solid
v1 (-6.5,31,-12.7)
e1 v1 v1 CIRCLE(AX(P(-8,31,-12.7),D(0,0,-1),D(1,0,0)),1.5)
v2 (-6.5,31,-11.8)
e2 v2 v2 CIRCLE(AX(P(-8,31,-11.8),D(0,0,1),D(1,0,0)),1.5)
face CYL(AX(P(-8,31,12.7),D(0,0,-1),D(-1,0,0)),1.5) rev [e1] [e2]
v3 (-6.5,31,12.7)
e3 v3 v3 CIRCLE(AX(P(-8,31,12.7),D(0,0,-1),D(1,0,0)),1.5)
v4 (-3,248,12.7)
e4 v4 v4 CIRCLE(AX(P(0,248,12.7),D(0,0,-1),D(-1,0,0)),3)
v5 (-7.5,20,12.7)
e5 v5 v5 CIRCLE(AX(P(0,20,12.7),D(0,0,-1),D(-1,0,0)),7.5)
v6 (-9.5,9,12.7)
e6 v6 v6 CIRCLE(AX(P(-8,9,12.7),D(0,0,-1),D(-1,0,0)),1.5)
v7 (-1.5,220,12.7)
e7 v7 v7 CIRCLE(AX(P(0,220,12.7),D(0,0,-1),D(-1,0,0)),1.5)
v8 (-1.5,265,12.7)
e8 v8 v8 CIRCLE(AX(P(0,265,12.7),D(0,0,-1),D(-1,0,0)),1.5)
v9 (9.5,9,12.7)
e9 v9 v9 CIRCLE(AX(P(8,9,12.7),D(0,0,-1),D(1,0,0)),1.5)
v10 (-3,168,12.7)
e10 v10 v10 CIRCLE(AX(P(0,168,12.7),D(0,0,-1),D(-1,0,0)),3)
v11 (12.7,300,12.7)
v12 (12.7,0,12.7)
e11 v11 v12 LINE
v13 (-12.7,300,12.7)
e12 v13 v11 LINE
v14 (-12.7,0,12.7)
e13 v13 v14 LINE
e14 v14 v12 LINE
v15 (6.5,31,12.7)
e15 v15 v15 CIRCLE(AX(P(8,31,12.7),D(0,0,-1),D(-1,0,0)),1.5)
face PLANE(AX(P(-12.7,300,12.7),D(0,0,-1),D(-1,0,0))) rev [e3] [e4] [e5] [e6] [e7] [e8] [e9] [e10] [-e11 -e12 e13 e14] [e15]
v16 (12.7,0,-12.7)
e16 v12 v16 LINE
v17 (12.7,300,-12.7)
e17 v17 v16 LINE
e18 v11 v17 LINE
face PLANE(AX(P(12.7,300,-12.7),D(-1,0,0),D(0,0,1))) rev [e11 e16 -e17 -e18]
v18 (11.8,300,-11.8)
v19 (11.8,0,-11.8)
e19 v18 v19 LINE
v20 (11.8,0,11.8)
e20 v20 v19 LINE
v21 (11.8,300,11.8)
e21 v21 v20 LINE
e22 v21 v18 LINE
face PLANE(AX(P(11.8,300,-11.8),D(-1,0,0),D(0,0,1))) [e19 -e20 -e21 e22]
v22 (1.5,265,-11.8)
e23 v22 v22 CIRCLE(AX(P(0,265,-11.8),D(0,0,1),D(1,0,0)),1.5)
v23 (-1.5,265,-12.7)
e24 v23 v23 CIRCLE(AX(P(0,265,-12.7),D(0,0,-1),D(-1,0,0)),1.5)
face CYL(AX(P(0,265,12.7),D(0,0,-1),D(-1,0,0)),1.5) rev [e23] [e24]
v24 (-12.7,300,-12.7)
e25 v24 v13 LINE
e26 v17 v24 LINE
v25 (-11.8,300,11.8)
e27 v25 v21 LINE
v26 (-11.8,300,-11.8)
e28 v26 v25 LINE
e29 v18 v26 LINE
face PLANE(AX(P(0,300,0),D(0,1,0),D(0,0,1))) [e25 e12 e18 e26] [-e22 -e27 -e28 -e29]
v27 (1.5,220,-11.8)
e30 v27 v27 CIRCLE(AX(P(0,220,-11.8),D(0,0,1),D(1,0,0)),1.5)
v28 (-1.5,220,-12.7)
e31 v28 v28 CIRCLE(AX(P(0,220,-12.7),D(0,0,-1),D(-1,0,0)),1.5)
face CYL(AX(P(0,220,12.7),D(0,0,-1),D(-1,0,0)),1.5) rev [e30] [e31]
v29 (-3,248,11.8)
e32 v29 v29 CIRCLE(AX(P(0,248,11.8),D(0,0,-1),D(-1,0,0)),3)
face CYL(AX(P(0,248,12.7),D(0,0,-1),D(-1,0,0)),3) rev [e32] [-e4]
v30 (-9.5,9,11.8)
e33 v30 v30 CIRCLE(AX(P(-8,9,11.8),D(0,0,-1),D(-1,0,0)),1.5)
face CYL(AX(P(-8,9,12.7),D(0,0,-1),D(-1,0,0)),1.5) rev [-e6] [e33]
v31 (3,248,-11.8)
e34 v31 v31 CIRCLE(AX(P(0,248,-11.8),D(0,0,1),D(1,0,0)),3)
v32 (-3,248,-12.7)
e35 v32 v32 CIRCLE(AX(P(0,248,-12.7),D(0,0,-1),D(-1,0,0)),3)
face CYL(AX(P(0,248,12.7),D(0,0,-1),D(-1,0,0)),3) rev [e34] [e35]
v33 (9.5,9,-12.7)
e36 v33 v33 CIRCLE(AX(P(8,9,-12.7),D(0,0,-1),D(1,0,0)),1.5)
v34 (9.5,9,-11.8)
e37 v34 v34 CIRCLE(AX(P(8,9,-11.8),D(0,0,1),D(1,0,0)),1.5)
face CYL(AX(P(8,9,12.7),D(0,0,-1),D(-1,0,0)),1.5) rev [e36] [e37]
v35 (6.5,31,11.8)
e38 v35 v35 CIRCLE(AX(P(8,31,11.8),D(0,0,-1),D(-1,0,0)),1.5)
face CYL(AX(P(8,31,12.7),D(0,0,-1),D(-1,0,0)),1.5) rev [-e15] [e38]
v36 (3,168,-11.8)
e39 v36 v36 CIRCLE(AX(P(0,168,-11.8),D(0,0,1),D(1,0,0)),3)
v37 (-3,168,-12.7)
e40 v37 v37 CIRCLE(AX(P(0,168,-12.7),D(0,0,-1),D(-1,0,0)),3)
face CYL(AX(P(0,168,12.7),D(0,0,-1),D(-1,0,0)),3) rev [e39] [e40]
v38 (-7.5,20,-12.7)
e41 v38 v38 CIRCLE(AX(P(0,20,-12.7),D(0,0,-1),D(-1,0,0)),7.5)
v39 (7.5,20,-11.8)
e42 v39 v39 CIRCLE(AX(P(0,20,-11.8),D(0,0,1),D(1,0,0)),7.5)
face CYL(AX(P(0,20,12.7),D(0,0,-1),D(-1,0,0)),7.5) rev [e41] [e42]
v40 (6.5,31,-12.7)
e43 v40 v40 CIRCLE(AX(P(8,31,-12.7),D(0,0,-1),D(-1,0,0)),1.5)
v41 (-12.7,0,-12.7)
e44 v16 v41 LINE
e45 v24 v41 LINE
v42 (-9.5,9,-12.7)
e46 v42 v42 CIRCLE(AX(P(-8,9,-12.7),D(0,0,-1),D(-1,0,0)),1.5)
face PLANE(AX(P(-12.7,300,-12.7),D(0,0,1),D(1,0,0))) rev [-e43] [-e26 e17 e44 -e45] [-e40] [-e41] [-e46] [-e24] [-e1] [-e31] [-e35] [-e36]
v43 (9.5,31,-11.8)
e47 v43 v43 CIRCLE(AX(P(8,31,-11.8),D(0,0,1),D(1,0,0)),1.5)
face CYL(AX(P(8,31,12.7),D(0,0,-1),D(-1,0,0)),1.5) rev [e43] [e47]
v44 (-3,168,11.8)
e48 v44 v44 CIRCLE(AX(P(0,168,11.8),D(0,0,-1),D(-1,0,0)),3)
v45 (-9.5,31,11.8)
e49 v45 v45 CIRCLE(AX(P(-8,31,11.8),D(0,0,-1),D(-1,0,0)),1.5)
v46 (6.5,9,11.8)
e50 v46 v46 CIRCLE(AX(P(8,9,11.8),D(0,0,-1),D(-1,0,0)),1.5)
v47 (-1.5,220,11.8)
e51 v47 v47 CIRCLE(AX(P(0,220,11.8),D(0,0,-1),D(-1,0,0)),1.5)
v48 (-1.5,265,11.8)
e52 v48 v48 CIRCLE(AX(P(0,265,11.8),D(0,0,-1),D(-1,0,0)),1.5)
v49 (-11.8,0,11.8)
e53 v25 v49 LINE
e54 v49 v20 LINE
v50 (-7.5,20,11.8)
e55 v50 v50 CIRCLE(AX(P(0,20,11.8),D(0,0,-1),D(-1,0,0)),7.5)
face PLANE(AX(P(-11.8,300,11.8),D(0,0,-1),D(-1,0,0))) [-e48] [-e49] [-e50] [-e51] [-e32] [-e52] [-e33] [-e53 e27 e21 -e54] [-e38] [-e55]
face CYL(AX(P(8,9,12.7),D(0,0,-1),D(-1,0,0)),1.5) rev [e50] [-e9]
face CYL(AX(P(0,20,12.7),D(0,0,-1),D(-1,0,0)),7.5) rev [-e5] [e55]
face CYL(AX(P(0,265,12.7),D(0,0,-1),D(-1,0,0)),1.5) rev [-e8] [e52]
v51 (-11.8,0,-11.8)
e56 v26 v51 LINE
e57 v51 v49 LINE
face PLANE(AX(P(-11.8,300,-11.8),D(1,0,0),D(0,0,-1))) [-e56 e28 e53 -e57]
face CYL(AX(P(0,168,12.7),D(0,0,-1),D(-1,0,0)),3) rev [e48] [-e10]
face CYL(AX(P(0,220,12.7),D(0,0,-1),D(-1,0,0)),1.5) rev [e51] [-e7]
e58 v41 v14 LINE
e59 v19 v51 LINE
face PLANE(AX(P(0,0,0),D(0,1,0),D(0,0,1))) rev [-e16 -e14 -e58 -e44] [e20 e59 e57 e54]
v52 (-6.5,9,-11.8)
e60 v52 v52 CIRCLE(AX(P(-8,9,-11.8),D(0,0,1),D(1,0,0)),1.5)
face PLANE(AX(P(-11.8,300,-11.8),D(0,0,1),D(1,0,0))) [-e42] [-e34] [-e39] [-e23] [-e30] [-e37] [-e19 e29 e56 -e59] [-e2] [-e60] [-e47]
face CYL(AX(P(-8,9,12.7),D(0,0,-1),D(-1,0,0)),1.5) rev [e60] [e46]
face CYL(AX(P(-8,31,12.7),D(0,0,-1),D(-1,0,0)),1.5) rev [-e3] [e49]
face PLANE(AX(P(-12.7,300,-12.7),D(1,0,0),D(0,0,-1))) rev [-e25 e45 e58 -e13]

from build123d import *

# Parameters (mm, degrees)
SKETCH1_W           = 25.4
SKETCH1_H           = 25.4
SKETCH1_W_2         = 23.6
SKETCH1_H_2         = 23.6
BOSS_EXTRUDE1_DEPTH = 300
SKETCH2_R           = 7.5
CUT_EXTRUDE1_DEPTH  = 25.4
SKETCH3_R           = 3
CUT_EXTRUDE2_DEPTH  = 25.4
SKETCH4_R           = 1.5
CUT_EXTRUDE3_DEPTH  = 25.4
SKETCH5_R           = 1.5
CUT_EXTRUDE4_DEPTH  = 25.4


with BuildPart() as part:
    # Sketch1 → Boss-Extrude1 (new body)
    with BuildSketch(Plane(origin=(0, 0, 0), x_dir=(1, 0, 0), z_dir=(0, 1, 0))):
        Rectangle(SKETCH1_W, SKETCH1_H)
        Rectangle(SKETCH1_W_2, SKETCH1_H_2, mode=Mode.SUBTRACT)
    extrude(amount=BOSS_EXTRUDE1_DEPTH)

    # Sketch2 → Cut-Extrude1 (cut)
    with BuildSketch(Plane(origin=(0, 0, -12.7), x_dir=(-1, 0, 0), z_dir=(0, 0, -1))):
        with Locations((0, 20)):
            Circle(SKETCH2_R)
    extrude(amount=-CUT_EXTRUDE1_DEPTH, mode=Mode.SUBTRACT)

    # Sketch3 → Cut-Extrude2 (cut)
    with BuildSketch(Plane(origin=(0, 0, -12.7), x_dir=(-1, 0, 0), z_dir=(0, 0, -1))):
        with Locations((0, 168)):
            Circle(SKETCH3_R)
        with Locations((0, 248)):
            Circle(SKETCH3_R)
    extrude(amount=-CUT_EXTRUDE2_DEPTH, mode=Mode.SUBTRACT)

    # Sketch4 → Cut-Extrude3 (cut)
    with BuildSketch(Plane(origin=(0, 0, -12.7), x_dir=(-1, 0, 0), z_dir=(0, 0, -1))):
        with Locations((8, 9)):
            Circle(SKETCH4_R)
        with Locations((8, 31)):
            Circle(SKETCH4_R)
        with Locations((-8, 9)):
            Circle(SKETCH4_R)
        with Locations((-8, 31)):
            Circle(SKETCH4_R)
    extrude(amount=-CUT_EXTRUDE3_DEPTH, mode=Mode.SUBTRACT)

    # Sketch5 → Cut-Extrude4 (cut)
    with BuildSketch(Plane(origin=(0, 0, -12.7), x_dir=(-1, 0, 0), z_dir=(0, 0, -1))):
        with Locations((0, 220)):
            Circle(SKETCH5_R)
        with Locations((0, 265)):
            Circle(SKETCH5_R)
    extrude(amount=-CUT_EXTRUDE4_DEPTH, mode=Mode.SUBTRACT)


solid = part.part
